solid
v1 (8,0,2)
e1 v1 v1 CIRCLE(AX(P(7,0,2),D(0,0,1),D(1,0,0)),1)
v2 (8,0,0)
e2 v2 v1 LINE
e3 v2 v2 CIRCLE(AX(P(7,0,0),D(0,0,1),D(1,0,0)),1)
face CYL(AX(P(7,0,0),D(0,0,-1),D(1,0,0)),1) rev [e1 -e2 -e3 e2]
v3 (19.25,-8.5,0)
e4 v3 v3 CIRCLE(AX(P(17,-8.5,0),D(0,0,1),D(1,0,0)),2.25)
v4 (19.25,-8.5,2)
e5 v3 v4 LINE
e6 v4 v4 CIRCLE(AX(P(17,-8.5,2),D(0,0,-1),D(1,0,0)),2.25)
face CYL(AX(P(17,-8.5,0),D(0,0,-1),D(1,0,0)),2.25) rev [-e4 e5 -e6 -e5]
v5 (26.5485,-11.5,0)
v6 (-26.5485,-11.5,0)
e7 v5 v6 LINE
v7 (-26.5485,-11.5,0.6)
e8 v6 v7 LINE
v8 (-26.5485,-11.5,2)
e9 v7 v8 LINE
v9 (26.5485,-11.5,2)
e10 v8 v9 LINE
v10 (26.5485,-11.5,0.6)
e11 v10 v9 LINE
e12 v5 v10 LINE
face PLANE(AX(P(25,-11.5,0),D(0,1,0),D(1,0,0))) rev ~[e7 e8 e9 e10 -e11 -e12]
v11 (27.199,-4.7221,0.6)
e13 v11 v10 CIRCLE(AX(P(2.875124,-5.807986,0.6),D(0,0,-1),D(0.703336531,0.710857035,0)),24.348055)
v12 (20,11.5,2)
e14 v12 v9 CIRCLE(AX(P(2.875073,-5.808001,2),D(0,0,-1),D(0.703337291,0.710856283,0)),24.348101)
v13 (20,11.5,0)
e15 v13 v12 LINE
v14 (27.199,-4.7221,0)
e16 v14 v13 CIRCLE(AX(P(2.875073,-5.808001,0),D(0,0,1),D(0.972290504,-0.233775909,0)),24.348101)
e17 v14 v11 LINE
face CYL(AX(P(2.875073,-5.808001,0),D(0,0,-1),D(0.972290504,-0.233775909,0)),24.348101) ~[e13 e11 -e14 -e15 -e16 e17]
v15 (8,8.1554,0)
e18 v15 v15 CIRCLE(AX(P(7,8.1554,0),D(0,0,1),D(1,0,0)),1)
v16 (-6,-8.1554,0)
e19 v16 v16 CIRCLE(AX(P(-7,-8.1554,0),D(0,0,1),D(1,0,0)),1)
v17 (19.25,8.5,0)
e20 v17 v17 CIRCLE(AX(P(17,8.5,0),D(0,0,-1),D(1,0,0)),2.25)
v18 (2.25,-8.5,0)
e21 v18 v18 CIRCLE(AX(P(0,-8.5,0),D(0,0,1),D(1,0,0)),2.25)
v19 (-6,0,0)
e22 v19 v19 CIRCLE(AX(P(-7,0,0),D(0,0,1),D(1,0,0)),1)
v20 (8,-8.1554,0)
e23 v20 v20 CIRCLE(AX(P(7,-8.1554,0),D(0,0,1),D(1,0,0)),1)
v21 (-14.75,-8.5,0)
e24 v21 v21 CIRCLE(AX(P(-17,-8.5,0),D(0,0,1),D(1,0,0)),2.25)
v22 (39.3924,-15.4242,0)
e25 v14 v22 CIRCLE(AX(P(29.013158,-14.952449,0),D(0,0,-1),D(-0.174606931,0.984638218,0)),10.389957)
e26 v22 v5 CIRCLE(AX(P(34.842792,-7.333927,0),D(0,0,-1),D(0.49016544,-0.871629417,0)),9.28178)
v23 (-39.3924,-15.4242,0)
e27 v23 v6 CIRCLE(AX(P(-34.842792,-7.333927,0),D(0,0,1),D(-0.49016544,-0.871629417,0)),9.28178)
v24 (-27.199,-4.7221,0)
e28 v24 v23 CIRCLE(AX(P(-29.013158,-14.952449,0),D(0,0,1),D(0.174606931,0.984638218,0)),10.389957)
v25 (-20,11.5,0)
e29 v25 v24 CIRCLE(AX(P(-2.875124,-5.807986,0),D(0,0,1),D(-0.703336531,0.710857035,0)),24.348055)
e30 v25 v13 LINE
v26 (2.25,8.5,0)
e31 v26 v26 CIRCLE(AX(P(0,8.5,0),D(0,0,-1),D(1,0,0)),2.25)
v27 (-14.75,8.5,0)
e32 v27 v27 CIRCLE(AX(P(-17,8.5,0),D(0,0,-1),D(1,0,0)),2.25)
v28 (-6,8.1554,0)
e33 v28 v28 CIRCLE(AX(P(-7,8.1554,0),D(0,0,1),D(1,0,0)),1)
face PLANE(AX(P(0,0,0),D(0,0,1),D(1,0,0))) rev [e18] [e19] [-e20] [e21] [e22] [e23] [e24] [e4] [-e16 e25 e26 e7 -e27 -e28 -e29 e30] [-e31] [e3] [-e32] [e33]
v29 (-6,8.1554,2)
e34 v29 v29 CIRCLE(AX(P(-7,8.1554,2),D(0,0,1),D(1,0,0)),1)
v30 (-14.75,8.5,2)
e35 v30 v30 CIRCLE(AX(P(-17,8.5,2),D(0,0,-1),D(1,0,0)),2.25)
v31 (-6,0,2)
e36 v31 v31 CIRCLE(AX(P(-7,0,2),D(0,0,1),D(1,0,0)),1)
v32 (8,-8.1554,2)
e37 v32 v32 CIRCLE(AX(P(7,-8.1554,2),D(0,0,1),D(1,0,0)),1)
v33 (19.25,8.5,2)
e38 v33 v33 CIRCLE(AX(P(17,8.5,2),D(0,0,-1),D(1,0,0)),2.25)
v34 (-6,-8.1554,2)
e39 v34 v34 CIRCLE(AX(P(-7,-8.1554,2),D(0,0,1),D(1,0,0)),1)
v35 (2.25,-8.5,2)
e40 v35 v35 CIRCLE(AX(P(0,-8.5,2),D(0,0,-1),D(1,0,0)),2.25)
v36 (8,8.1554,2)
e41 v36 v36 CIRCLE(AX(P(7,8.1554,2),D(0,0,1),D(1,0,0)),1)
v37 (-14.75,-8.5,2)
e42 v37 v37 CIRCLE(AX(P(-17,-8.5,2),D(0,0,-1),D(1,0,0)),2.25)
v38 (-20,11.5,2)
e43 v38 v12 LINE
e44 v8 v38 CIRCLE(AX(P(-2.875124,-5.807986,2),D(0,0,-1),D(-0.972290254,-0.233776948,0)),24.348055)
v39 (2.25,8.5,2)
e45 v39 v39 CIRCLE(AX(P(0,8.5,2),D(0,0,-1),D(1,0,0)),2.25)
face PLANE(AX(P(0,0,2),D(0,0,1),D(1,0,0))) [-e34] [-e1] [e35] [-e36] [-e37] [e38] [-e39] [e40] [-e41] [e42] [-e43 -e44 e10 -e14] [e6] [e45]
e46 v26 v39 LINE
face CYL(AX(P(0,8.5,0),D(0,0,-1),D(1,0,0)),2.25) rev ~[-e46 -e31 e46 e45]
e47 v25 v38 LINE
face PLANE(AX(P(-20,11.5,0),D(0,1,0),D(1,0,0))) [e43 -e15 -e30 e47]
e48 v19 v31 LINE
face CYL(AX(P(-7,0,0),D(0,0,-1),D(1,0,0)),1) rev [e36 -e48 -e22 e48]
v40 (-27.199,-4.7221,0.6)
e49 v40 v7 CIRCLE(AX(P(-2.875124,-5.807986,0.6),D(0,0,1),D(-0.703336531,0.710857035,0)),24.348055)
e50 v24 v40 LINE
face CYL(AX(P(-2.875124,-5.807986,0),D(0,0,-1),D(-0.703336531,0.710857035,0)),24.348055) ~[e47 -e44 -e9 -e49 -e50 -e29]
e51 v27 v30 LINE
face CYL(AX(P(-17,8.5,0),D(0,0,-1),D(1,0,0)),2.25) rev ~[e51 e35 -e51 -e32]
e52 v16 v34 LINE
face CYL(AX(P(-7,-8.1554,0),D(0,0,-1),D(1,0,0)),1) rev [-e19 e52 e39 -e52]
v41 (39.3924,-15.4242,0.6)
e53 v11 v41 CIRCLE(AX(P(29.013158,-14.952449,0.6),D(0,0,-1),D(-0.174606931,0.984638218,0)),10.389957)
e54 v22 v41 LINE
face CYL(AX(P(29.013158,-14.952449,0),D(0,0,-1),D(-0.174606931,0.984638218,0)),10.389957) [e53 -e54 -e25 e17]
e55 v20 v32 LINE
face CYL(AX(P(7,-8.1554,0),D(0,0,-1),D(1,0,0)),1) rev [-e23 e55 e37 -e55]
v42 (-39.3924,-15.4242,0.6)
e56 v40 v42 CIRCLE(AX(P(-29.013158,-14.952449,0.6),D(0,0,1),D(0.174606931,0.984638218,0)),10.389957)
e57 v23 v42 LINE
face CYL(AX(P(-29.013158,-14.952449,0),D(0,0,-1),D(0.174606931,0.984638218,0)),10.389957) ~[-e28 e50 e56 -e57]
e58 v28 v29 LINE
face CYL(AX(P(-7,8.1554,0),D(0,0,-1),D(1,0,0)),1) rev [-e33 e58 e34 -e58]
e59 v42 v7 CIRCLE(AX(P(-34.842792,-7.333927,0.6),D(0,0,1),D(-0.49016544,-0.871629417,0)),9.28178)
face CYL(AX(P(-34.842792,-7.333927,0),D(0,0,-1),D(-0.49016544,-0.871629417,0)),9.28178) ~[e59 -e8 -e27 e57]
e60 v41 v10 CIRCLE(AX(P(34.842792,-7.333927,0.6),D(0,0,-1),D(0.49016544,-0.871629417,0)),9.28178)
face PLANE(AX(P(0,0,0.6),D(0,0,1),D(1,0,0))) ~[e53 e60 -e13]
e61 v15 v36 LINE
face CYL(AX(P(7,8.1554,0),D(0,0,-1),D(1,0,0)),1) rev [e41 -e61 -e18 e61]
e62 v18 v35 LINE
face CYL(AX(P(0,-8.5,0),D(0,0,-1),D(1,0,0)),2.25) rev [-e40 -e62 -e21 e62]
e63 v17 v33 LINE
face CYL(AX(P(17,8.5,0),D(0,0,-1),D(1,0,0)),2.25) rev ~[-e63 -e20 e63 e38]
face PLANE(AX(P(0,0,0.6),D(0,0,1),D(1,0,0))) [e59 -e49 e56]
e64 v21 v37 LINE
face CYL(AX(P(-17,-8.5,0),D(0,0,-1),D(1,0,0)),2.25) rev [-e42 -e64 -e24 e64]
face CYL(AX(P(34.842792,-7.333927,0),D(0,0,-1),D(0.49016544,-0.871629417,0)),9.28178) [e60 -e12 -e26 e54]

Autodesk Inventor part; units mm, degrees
ref_plane "YZ Plane" through (0, 0, 0) normal (1, 0, 0) x (0, 1, 0)
ref_plane "XZ Plane" through (0, 0, 0) normal (0, 1, 0) x (-1, 0, 0)
ref_plane "XY Plane" through (0, 0, 0) normal (0, 0, 1) x (1, 0, 0)
sketch "Block1" plane through (0, 0, 0) normal (0, 0, 1) x (1, 0, 0)
  line L0 (22.5674, 54.9733) -> (22.5674, 26.9733) construction
  line L1 (62.5674, 54.9733) -> (62.5674, 26.9733) construction
  line L2 (42.5674, 54.9733) -> (42.5674, 26.9733) construction
  arc A0 (22.5674, 54.9733) -> (16.0189, 31.9733) centre (39.6923, 37.6653) ccw
  arc A1 (69.116, 31.9733) -> (62.5674, 54.9733) centre (45.4425, 37.6653) ccw
  line L3 (67.5674, 31.9733) -> (69.116, 31.9733)
  line L4 (22.5674, 54.9733) -> (62.5674, 54.9733)
  arc A2 (3.175, 28.049) -> (16.0189, 31.9733) centre (7.7246, 36.1392) ccw
  arc A3 (15.3685, 38.7512) -> (3.175, 28.049) centre (13.5542, 28.5209) ccw
  arc A4 (69.116, 31.9733) -> (81.9598, 28.049) centre (77.4102, 36.1392) ccw
  arc A5 (81.9598, 28.049) -> (69.7664, 38.7512) centre (71.5807, 28.5209) ccw
  line L5 (17.5674, 54.9733) -> (67.5674, 54.9733) construction
  line L6 (67.5674, 54.9733) -> (67.5674, 31.9733) construction
  line L7 (67.5674, 31.9733) -> (16.0189, 31.9733)
  line L8 (17.5674, 31.9733) -> (17.5674, 54.9733) construction
  line L9 (22.5674, 31.9733) -> (62.5674, 31.9733)
  line L10 (62.5674, 31.9733) -> (62.5674, 26.9733)
  line L11 (62.5674, 26.9733) -> (22.5674, 26.9733)
  line L12 (22.5674, 26.9733) -> (22.5674, 31.9733)
  circle A6 centre (35.5674, 51.6287) radius 1
  circle A7 centre (49.5674, 51.6287) radius 1
  line L13 (22.5674, 29.4733) -> (62.5674, 29.4733) construction
  circle A8 centre (35.5674, 29.4733) radius 1
  circle A9 centre (49.5674, 29.4733) radius 1
  point P0 (42.5377, 37.3132)
  point P1 (42.5674, 31.9733)
  point P2 (42.5674, 31.9733)
  point P3 (17.5674, 26.9733)
  point P4 (67.5674, 26.9733)
  dimension "d0" = 23
  dimension "d1" = 5
  dimension "d2" = 40
  dimension "d3" = 2
  dimension "d4" = 2
  dimension "d5" = 7
  dimension "d6" = 7
  dimension "d7" = 2
  dimension "d8" = 2
  dimension "d9" = 7
  dimension "d10" = 7
sketch "Sketch1" plane through (0, 0, 0) normal (0, 0, 1) x (1, 0, 0)
  line L0 (-20, 11.5) -> (-20, -16.5) construction
  line L1 (20, 11.5) -> (20, -16.5) construction
  line L2 (0, 11.5) -> (0, -16.5) construction
  arc A0 (-20, 11.5) -> (-26.5485, -11.5) centre (-2.8751, -5.808) ccw
  arc A1 (26.5485, -11.5) -> (20, 11.5) centre (2.8751, -5.808) ccw
  line L3 (25, -11.5) -> (26.5485, -11.5)
  line L4 (-20, 11.5) -> (20, 11.5)
  arc A2 (-39.3924, -15.4242) -> (-26.5485, -11.5) centre (-34.8428, -7.334) ccw
  arc A3 (-27.199, -4.7221) -> (-39.3924, -15.4242) centre (-29.0132, -14.9523) ccw
  arc A4 (26.5485, -11.5) -> (39.3924, -15.4242) centre (34.8428, -7.334) ccw
  arc A5 (39.3924, -15.4242) -> (27.199, -4.7221) centre (29.0132, -14.9523) ccw
  line L5 (-25, 11.5) -> (25, 11.5) construction
  line L6 (25, 11.5) -> (25, -11.5) construction
  line L7 (25, -11.5) -> (-26.5485, -11.5)
  line L8 (-25, -11.5) -> (-25, 11.5) construction
  line L9 (-20, -11.5) -> (20, -11.5)
  line L10 (20, -11.5) -> (20, -16.5)
  line L11 (20, -16.5) -> (-20, -16.5)
  line L12 (-20, -16.5) -> (-20, -11.5)
  circle A6 centre (-7, 8.1554) radius 1
  circle A7 centre (7, 8.1554) radius 1
  line L13 (-20, -14) -> (20, -14) construction
  circle A8 centre (-7, -14) radius 1
  circle A9 centre (7, -14) radius 1
  circle A10 centre (-17, -8.5) radius 2.25
  circle A11 centre (17, -8.5) radius 2.25
  circle A12 centre (0, -8.5) radius 2.25
  line L14 (-25, 0) -> (25, 0) construction
  circle A13 centre (-7, 0) radius 1
  circle A14 centre (7, 0) radius 1
  circle A15 centre (-7, -8.1554) radius 1
  circle A16 centre (7, -8.1554) radius 1
  point P0 (0, 0)
  point P1 (0, -11.5)
  point P2 (0, -11.5)
  point P3 (-27.9814, 24.963)
  point P4 (27.9814, 24.963)
  point P5 (0, -2.5)
  point P6 (0, 0)
  dimension "d12" = 23
  dimension "d13" = 5
  dimension "d14" = 40
  dimension "d15" = 2
  dimension "d16" = 2
  dimension "d17" = 7
  dimension "d18" = 7
  dimension "d19" = 2
  dimension "d20" = 2
  dimension "d21" = 7
  dimension "d22" = 7
  dimension "d24" = 4.5
  dimension "d25" = 4.5
  dimension "d26" = 3
  dimension "d27" = 3
  dimension "d28" = 3
  dimension "d29" = 3
  dimension "d34" = 4.5
  dimension "d35" = 3
  dimension "d38" = 3.3446
  dimension "d39" = 3.3446
  dimension "d40" = 2
  dimension "d41" = 2
  dimension "d42" = 7
  dimension "d43" = 7
extrude "Extrusion1" add sketch "Sketch1" along normal blind 2 contours L4 A1 L3 L7 A0 | A10 | A11 | A12
extrude "Extrusion2" add sketch "Sketch1" along normal blind 0.6 contours A0 A2 A3
mirror "Mirror1" about plane through (0, 0, 0) normal (1, 0, 0) of "Extrusion2"
extrude "Extrusion3" cut sketch "Sketch1" along normal blind 5 contours A10 | A11 | A12
mirror "Mirror2" about plane through (0, 0, 0) normal (0, 1, 0) of "Extrusion3"
equation "\"d3\" = d11"
equation "\"d4\" = d11"
equation "\"d7\" = d11"
equation "\"d8\" = d11"
equation "\"d15\" = fishing"
equation "\"d16\" = fishing"
equation "\"d19\" = fishing"
equation "\"d20\" = fishing"
equation "\"d40\" = fishing"
equation "\"d41\" = fishing"
equation "\"d11\" = 2"
equation "\"d23\" = 2"
equation "\"fishing\" = 2"
properties part number "Piece"
